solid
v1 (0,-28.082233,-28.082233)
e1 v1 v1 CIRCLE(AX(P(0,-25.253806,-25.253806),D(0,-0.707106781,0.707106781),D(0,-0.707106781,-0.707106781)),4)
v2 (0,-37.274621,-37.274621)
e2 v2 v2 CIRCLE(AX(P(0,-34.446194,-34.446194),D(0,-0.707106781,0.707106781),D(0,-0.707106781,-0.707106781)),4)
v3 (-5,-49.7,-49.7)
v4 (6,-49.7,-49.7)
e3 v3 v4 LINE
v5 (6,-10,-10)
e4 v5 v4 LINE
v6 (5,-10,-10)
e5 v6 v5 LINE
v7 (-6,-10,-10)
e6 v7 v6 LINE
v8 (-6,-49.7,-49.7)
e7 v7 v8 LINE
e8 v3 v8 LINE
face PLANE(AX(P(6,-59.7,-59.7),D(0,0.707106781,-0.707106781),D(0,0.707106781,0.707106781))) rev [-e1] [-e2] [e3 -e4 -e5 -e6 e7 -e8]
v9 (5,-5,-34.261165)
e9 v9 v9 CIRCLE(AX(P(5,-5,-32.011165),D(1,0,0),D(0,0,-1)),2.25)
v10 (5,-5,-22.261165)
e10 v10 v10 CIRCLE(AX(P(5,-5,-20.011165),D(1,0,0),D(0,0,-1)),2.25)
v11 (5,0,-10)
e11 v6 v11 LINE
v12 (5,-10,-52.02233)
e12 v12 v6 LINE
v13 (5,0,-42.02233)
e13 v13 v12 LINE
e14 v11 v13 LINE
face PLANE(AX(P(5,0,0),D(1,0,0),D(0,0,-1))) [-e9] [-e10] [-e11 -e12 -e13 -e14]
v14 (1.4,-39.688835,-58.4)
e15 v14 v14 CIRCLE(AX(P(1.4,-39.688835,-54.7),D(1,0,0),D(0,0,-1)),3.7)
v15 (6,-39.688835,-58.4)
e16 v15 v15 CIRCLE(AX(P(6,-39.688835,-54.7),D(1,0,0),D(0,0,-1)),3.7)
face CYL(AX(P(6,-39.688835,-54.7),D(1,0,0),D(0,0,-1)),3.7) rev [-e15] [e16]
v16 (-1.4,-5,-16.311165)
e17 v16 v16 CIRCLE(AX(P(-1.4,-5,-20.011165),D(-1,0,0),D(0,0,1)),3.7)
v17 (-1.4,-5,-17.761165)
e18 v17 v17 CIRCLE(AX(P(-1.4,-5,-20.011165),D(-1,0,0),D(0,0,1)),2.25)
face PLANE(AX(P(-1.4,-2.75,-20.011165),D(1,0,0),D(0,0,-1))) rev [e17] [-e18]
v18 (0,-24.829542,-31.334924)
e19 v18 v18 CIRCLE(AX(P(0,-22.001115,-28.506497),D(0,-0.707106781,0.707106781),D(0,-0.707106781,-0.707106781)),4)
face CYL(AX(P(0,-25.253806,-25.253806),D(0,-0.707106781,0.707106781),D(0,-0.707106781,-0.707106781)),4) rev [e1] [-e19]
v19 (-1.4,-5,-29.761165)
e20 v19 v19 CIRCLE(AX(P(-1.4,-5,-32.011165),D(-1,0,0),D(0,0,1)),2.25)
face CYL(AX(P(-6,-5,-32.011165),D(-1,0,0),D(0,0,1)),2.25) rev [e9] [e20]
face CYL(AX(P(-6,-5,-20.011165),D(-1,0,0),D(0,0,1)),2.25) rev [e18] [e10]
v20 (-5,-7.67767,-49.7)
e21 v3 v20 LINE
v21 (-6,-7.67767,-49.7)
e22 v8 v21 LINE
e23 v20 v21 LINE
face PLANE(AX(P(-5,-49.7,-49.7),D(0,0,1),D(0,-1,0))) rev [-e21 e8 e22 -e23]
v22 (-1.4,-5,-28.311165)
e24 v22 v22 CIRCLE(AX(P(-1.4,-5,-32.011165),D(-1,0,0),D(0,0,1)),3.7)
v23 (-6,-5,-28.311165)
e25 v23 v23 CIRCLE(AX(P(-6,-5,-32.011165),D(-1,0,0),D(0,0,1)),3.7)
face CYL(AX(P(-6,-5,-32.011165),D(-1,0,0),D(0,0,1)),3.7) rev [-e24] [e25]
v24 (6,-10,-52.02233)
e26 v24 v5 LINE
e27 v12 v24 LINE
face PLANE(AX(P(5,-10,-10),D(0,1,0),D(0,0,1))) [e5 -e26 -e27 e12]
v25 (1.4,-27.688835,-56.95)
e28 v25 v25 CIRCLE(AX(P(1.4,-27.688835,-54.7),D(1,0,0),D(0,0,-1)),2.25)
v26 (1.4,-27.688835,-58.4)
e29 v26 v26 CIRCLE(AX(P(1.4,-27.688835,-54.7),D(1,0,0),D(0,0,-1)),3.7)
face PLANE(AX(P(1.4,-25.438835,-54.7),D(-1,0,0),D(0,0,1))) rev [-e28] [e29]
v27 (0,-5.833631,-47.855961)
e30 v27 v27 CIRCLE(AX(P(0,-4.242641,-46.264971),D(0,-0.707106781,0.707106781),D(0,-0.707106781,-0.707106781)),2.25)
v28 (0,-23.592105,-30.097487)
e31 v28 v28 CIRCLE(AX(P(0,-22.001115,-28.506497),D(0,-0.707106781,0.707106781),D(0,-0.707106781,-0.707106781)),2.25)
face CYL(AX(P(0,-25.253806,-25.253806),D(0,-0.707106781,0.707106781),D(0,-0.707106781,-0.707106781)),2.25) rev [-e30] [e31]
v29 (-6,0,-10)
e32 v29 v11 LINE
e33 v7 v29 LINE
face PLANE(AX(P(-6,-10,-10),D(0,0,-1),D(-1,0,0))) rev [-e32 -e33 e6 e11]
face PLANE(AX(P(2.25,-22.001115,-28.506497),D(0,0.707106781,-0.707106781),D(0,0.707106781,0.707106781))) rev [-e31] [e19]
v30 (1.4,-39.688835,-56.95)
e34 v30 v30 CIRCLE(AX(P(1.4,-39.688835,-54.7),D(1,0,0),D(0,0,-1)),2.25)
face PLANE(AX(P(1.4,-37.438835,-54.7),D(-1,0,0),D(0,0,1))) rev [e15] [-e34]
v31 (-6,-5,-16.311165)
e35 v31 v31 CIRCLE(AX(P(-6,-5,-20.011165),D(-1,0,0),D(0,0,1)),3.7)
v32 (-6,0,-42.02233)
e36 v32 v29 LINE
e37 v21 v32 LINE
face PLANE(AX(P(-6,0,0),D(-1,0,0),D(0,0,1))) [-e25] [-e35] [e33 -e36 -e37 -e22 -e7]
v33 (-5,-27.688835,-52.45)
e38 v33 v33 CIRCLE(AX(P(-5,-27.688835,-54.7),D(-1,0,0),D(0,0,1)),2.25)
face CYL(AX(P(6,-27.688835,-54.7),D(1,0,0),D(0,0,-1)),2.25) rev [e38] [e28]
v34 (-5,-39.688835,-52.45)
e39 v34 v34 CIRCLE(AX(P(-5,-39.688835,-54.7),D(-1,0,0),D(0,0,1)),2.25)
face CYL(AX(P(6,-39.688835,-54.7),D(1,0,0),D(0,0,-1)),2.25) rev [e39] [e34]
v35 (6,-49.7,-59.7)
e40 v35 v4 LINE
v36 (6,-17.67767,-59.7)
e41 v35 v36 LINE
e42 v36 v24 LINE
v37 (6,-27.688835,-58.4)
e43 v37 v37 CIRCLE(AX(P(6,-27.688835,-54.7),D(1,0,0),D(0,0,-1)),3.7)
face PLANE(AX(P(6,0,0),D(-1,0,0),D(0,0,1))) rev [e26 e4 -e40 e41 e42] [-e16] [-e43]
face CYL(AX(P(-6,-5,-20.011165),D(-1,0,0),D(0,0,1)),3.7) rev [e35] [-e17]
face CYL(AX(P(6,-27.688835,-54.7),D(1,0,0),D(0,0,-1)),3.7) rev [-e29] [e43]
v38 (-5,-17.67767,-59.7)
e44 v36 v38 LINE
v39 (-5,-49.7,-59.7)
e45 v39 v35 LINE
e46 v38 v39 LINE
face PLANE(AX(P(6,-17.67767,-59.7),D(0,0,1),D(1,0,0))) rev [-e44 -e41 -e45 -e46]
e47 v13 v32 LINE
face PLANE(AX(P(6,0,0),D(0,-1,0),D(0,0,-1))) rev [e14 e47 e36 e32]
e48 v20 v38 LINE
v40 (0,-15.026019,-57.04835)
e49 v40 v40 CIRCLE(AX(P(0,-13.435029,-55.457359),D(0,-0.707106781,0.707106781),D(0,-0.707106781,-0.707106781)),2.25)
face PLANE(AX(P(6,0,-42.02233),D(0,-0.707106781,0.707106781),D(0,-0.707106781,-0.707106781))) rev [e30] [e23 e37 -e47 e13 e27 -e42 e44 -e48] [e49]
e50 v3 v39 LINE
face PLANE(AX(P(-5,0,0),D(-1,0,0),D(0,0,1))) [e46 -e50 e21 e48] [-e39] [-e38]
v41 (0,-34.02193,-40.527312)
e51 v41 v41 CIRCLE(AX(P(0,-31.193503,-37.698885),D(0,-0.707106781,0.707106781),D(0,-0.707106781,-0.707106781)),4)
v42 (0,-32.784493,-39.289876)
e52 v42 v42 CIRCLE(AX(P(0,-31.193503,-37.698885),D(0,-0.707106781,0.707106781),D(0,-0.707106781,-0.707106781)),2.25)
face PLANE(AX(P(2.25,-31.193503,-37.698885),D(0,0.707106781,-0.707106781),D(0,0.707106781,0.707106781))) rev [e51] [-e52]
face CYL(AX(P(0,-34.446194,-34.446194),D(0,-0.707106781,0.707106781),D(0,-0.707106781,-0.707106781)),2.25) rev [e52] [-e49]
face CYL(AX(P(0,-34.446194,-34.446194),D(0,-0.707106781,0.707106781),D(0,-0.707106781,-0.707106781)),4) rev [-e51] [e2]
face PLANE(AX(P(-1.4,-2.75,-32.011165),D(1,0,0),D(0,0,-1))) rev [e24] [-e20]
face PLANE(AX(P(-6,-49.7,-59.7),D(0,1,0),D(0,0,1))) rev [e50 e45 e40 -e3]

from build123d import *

# Parameters (mm, degrees)
EXTRUDE_1_DEPTH             = 6
HOLE_WIZARD_3_D             = 4.5
HOLE_WIZARD_3_CBORE_D       = 8
HOLE_WIZARD_3_CBORE_DEPTH   = 4.6
CUT_EXTRUDE_1_DEPTH         = 1
CUT_EXTRUDE_2_DEPTH         = 1
HOLE_WIZARD_2_D             = 4.5
HOLE_WIZARD_2_CBORE_D       = 7.4
HOLE_WIZARD_2_CBORE_DEPTH   = 4.6
HOLE_WIZARD_3_2_D           = 4.5
HOLE_WIZARD_3_2_CBORE_D     = 7.4
HOLE_WIZARD_3_2_CBORE_DEPTH = 4.6
CUT_EXTRUDE_3_DEPTH         = 86.277077811


with BuildPart() as part:
    # 草图1 → 凸台-拉伸1 (new, symmetric)
    with BuildSketch(Plane(origin=(0, 0, 0), x_dir=(0, 0, -1), z_dir=(1, 0, 0))):
        Polygon((0, 0), (42.02233047, 0), (59.7, -17.67766953), (59.7, -59.7), align=None)
    extrude(amount=EXTRUDE_1_DEPTH, both=True)

    # Hole Wizard 3 (through all)
    with Locations(Plane(origin=(0, 0, 0), x_dir=(1, 0, 0), z_dir=(0, -0.7071067811865477, 0.7071067811865475))):
        with Locations((0, -35.714274837), (0, -48.714274837)):
            CounterBoreHole(HOLE_WIZARD_3_D / 2, HOLE_WIZARD_3_CBORE_D / 2, HOLE_WIZARD_3_CBORE_DEPTH)

    # 草图10 → 切除-拉伸1 (cut)
    with BuildSketch(Plane.ZY.offset(-6)):
        Polygon((-42.02233047, 0), (0, 0), (-10, -10), (-52.02233047, -10), align=None)
    extrude(amount=CUT_EXTRUDE_1_DEPTH, mode=Mode.SUBTRACT)

    # 草图11 → 切除-拉伸2 (cut)
    with BuildSketch(Plane.ZY.offset(6)):
        Polygon((-59.7, -17.67766953), (-59.7, -59.7), (-49.7, -49.7), (-49.7, -7.67766953), align=None)
    extrude(amount=-CUT_EXTRUDE_2_DEPTH, mode=Mode.SUBTRACT)

    # 打孔尺寸根据内六角圆柱头螺钉的类型2 (through all)
    with Locations(Plane.ZY.offset(6)):
        with Locations((-20.011165235, -5), (-32.011165235, -5)):
            CounterBoreHole(HOLE_WIZARD_2_D / 2, HOLE_WIZARD_2_CBORE_D / 2, HOLE_WIZARD_2_CBORE_DEPTH)

    # Hole Wizard 3 2 (through all)
    with Locations(Plane(origin=(6, 0, 0), x_dir=(0, 0, -1), z_dir=(1, 0, 0))):
        with Locations((54.7, -39.688834765), (54.7, -27.688834765)):
            CounterBoreHole(HOLE_WIZARD_3_2_D / 2, HOLE_WIZARD_3_2_CBORE_D / 2, HOLE_WIZARD_3_2_CBORE_DEPTH)

    # 草图16 → 切除-拉伸3 (cut, through all)
    with BuildSketch(Plane(origin=(6, 0, 0), x_dir=(0, 0, -1), z_dir=(1, 0, 0))):
        Polygon((10, -10), (10, 0), (0, 0), align=None)
        Polygon((59.7, -59.7), (59.7, -49.7), (49.7, -49.7), align=None)
    extrude(amount=-CUT_EXTRUDE_3_DEPTH, mode=Mode.SUBTRACT)


solid = part.part
